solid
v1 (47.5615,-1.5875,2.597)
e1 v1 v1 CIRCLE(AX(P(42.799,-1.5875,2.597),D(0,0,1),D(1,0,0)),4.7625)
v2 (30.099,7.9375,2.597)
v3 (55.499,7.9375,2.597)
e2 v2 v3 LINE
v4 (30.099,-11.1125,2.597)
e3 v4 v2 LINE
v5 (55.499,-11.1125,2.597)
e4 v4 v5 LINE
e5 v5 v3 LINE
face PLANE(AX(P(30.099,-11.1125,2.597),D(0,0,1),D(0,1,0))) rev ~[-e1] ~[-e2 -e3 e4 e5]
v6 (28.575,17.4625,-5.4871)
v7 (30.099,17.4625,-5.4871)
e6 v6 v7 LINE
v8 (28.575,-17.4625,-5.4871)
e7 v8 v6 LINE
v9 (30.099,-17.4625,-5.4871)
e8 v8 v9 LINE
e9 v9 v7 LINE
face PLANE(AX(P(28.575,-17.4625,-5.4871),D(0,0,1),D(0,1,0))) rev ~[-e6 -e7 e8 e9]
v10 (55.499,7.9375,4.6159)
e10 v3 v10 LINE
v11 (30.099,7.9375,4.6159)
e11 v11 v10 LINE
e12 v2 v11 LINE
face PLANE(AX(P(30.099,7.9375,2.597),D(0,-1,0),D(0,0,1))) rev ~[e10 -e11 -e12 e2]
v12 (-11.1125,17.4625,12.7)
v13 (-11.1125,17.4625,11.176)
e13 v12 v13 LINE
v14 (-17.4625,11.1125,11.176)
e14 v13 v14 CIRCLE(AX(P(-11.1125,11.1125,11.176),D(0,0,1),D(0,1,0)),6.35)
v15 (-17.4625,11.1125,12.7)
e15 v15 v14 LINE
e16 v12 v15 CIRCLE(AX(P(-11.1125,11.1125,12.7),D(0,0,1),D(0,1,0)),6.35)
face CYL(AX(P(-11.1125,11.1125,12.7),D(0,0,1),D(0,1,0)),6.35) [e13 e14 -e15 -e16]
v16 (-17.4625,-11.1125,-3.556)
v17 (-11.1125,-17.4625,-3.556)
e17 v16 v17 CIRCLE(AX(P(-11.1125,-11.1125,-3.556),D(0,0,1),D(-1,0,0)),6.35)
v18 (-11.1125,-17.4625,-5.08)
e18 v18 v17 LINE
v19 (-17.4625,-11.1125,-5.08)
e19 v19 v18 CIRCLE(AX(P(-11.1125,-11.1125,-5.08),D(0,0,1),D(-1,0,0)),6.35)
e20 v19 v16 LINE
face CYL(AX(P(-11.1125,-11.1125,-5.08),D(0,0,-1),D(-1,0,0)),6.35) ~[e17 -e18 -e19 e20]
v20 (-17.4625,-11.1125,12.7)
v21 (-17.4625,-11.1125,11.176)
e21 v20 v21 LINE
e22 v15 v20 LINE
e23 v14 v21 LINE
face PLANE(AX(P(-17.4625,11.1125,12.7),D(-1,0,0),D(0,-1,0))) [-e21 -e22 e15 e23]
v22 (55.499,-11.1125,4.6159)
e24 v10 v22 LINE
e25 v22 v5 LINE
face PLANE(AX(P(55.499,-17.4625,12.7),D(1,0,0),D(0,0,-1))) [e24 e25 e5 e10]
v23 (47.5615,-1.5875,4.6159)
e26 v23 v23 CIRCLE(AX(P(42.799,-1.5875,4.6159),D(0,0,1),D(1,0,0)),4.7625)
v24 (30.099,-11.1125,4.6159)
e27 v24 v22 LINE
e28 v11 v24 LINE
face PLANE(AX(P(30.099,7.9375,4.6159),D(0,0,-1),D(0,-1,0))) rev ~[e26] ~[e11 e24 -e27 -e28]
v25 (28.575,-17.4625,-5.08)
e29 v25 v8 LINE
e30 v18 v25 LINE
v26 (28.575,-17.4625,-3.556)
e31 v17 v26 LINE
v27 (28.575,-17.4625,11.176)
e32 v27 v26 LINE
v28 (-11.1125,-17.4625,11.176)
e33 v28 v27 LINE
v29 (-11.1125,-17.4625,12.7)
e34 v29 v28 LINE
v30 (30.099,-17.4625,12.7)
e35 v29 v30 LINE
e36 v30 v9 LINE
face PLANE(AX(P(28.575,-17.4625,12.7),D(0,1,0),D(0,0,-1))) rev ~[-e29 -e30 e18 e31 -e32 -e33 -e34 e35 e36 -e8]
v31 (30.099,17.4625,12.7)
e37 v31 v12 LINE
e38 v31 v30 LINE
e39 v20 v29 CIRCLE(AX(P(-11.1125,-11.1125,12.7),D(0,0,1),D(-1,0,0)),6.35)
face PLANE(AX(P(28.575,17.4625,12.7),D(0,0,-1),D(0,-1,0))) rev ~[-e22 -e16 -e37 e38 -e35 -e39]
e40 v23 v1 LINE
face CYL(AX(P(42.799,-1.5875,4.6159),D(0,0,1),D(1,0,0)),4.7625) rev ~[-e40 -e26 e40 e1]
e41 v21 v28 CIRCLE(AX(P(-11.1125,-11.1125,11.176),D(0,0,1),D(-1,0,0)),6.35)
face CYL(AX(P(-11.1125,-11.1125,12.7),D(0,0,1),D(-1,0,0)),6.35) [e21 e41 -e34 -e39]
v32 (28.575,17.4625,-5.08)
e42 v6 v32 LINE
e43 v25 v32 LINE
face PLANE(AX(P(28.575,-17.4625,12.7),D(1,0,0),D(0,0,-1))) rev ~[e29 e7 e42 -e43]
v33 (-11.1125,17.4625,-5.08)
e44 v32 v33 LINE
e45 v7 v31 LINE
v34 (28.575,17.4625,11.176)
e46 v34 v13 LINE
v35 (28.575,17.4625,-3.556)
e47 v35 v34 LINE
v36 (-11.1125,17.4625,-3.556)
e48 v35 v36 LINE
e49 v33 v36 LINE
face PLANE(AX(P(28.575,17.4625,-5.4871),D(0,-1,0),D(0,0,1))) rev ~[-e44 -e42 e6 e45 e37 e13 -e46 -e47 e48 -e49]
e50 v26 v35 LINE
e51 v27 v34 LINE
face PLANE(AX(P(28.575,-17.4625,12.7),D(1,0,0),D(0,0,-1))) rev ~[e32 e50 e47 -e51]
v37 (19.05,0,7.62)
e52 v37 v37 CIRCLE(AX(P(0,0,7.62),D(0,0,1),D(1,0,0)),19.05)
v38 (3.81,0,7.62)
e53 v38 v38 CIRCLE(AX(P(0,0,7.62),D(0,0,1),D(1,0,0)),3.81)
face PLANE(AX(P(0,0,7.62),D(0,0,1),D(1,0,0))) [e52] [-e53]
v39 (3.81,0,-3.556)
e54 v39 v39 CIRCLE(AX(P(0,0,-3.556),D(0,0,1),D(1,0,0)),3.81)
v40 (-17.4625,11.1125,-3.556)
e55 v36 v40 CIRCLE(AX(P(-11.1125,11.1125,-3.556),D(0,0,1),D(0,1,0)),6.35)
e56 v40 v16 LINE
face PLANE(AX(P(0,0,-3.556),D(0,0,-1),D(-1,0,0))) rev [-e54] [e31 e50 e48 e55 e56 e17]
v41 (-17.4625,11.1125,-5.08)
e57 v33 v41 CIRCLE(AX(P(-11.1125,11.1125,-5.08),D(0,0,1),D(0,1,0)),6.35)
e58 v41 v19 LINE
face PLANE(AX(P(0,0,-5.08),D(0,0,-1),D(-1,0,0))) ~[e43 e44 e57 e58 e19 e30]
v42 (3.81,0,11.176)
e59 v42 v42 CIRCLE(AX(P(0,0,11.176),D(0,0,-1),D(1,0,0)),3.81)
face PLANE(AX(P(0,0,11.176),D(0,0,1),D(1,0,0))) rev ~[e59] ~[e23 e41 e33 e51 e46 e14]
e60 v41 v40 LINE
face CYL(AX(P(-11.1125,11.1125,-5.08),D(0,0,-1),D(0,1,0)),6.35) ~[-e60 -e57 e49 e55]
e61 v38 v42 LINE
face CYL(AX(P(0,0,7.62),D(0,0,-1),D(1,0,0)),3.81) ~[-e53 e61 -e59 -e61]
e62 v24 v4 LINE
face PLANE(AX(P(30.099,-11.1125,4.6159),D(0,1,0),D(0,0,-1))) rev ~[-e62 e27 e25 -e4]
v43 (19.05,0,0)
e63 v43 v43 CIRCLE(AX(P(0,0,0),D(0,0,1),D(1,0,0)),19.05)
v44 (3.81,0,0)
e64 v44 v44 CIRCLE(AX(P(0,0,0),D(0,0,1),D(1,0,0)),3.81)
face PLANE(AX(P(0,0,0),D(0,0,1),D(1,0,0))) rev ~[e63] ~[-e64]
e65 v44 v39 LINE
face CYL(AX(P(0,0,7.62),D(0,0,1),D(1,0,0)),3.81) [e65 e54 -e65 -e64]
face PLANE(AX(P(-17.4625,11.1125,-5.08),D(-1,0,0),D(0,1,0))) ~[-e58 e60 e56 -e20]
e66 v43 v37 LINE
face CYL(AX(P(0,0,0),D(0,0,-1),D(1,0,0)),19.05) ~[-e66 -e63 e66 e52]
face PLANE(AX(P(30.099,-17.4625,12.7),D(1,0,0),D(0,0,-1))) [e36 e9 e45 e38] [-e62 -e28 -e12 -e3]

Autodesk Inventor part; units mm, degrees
ref_plane "YZ Plane" through (0, 0, 0) normal (1, 0, 0) x (0, 1, 0)
ref_plane "XZ Plane" through (0, 0, 0) normal (0, 1, 0) x (-1, 0, 0)
sketch "Sketch1" plane through (0, 0, 0) normal (0, 0, 1) x (1, 0, 0)
  circle A0 centre (0, 0) radius 19.05
  dimension "d0" = 38.1
extrude "wheel" add sketch "Sketch1" along normal blind 7.62
sketch "Sketch2" plane through (0, 0, 7.62) normal (0, 0, 1) x (1, 0, 0)
  circle A0 centre (0, 0) radius 19.05 projected
  circle A1 centre (0, 0) radius 3.81
  dimension "d4" = 7.62
extrude "axle" add sketch "Sketch2" along normal blind 5.08 and the other way blind 12.7 contours A1
sketch "Sketch3" plane through (0, 0, 12.7) normal (0, 0, 1) x (1, 0, 0)
  line L0 (-11.1125, -17.4625) -> (28.575, -17.4625)
  line L1 (28.575, -17.4625) -> (28.575, 17.4625)
  line L2 (28.575, 17.4625) -> (-11.1125, 17.4625)
  line L3 (-17.4625, 11.1125) -> (-17.4625, -11.1125)
  arc A0 (-11.1125, 17.4625) -> (-17.4625, 11.1125) centre (-11.1125, 11.1125) ccw
  arc A1 (-17.4625, -11.1125) -> (-11.1125, -17.4625) centre (-11.1125, -11.1125) ccw
  point P0 (-17.4625, -17.4625)
  point P1 (-17.4625, 17.4625)
  dimension "d13" = 6.35
extrude "side" add sketch "Sketch3" against normal blind 1.524
ref_plane "Work Plane1" through (0, 0, 3.81) normal (0, 0, -1) x (-1, 0, 0)
mirror "Mirror1" about plane through (0, 0, 3.81) normal (0, 0, -1) of "side"
sketch "Sketch4" plane through (28.575, -17.4625, 12.7) normal (1, 0, 0) x (0, 0, -1)
  line L0 (0, 0) -> (18.1871, 0)
  line L1 (18.1871, 0) -> (18.1871, 34.925)
  line L2 (18.1871, 34.925) -> (0, 34.925)
  line L3 (0, 34.925) -> (0, 0)
  point P0 (12.7, 17.4625)
extrude "Extrusion4" add sketch "Sketch4" along normal blind 1.524
sketch "Sketch5" plane through (30.099, -17.4625, 12.7) normal (1, 0, 0) x (0, 0, -1)
  line L0 (0, 0) -> (18.1871, 0) projected
  line L1 (18.1871, 34.925) -> (0, 34.925) projected
  line L2 (8.0841, 6.35) -> (10.103, 6.35)
  line L3 (10.103, 6.35) -> (10.103, 25.4)
  line L4 (10.103, 25.4) -> (8.0841, 25.4)
  line L5 (8.0841, 25.4) -> (8.0841, 6.35)
  line L6 (9.0935, 34.925) -> (9.0935, 0) construction
  line L7 (9.0935, 25.4) -> (9.0935, 6.35) construction
  point P0 (12.7, 17.4625)
extrude "Extrusion5" add sketch "Sketch5" along normal blind 25.4
sketch "Sketch6" plane through (30.099, -11.1125, 4.6159) normal (0, 0, 1) x (1, 0, 0)
  line L0 (25.4, 19.05) -> (25.4, 0) projected
  circle A0 centre (12.7, 9.525) radius 4.7625
  point P0 (-30.099, 11.1125)
  dimension "d19" = 12.7
extrude "Extrusion6" cut sketch "Sketch6" against normal blind 25.4
properties part number "0pulley" material "Steel, Alloy"
